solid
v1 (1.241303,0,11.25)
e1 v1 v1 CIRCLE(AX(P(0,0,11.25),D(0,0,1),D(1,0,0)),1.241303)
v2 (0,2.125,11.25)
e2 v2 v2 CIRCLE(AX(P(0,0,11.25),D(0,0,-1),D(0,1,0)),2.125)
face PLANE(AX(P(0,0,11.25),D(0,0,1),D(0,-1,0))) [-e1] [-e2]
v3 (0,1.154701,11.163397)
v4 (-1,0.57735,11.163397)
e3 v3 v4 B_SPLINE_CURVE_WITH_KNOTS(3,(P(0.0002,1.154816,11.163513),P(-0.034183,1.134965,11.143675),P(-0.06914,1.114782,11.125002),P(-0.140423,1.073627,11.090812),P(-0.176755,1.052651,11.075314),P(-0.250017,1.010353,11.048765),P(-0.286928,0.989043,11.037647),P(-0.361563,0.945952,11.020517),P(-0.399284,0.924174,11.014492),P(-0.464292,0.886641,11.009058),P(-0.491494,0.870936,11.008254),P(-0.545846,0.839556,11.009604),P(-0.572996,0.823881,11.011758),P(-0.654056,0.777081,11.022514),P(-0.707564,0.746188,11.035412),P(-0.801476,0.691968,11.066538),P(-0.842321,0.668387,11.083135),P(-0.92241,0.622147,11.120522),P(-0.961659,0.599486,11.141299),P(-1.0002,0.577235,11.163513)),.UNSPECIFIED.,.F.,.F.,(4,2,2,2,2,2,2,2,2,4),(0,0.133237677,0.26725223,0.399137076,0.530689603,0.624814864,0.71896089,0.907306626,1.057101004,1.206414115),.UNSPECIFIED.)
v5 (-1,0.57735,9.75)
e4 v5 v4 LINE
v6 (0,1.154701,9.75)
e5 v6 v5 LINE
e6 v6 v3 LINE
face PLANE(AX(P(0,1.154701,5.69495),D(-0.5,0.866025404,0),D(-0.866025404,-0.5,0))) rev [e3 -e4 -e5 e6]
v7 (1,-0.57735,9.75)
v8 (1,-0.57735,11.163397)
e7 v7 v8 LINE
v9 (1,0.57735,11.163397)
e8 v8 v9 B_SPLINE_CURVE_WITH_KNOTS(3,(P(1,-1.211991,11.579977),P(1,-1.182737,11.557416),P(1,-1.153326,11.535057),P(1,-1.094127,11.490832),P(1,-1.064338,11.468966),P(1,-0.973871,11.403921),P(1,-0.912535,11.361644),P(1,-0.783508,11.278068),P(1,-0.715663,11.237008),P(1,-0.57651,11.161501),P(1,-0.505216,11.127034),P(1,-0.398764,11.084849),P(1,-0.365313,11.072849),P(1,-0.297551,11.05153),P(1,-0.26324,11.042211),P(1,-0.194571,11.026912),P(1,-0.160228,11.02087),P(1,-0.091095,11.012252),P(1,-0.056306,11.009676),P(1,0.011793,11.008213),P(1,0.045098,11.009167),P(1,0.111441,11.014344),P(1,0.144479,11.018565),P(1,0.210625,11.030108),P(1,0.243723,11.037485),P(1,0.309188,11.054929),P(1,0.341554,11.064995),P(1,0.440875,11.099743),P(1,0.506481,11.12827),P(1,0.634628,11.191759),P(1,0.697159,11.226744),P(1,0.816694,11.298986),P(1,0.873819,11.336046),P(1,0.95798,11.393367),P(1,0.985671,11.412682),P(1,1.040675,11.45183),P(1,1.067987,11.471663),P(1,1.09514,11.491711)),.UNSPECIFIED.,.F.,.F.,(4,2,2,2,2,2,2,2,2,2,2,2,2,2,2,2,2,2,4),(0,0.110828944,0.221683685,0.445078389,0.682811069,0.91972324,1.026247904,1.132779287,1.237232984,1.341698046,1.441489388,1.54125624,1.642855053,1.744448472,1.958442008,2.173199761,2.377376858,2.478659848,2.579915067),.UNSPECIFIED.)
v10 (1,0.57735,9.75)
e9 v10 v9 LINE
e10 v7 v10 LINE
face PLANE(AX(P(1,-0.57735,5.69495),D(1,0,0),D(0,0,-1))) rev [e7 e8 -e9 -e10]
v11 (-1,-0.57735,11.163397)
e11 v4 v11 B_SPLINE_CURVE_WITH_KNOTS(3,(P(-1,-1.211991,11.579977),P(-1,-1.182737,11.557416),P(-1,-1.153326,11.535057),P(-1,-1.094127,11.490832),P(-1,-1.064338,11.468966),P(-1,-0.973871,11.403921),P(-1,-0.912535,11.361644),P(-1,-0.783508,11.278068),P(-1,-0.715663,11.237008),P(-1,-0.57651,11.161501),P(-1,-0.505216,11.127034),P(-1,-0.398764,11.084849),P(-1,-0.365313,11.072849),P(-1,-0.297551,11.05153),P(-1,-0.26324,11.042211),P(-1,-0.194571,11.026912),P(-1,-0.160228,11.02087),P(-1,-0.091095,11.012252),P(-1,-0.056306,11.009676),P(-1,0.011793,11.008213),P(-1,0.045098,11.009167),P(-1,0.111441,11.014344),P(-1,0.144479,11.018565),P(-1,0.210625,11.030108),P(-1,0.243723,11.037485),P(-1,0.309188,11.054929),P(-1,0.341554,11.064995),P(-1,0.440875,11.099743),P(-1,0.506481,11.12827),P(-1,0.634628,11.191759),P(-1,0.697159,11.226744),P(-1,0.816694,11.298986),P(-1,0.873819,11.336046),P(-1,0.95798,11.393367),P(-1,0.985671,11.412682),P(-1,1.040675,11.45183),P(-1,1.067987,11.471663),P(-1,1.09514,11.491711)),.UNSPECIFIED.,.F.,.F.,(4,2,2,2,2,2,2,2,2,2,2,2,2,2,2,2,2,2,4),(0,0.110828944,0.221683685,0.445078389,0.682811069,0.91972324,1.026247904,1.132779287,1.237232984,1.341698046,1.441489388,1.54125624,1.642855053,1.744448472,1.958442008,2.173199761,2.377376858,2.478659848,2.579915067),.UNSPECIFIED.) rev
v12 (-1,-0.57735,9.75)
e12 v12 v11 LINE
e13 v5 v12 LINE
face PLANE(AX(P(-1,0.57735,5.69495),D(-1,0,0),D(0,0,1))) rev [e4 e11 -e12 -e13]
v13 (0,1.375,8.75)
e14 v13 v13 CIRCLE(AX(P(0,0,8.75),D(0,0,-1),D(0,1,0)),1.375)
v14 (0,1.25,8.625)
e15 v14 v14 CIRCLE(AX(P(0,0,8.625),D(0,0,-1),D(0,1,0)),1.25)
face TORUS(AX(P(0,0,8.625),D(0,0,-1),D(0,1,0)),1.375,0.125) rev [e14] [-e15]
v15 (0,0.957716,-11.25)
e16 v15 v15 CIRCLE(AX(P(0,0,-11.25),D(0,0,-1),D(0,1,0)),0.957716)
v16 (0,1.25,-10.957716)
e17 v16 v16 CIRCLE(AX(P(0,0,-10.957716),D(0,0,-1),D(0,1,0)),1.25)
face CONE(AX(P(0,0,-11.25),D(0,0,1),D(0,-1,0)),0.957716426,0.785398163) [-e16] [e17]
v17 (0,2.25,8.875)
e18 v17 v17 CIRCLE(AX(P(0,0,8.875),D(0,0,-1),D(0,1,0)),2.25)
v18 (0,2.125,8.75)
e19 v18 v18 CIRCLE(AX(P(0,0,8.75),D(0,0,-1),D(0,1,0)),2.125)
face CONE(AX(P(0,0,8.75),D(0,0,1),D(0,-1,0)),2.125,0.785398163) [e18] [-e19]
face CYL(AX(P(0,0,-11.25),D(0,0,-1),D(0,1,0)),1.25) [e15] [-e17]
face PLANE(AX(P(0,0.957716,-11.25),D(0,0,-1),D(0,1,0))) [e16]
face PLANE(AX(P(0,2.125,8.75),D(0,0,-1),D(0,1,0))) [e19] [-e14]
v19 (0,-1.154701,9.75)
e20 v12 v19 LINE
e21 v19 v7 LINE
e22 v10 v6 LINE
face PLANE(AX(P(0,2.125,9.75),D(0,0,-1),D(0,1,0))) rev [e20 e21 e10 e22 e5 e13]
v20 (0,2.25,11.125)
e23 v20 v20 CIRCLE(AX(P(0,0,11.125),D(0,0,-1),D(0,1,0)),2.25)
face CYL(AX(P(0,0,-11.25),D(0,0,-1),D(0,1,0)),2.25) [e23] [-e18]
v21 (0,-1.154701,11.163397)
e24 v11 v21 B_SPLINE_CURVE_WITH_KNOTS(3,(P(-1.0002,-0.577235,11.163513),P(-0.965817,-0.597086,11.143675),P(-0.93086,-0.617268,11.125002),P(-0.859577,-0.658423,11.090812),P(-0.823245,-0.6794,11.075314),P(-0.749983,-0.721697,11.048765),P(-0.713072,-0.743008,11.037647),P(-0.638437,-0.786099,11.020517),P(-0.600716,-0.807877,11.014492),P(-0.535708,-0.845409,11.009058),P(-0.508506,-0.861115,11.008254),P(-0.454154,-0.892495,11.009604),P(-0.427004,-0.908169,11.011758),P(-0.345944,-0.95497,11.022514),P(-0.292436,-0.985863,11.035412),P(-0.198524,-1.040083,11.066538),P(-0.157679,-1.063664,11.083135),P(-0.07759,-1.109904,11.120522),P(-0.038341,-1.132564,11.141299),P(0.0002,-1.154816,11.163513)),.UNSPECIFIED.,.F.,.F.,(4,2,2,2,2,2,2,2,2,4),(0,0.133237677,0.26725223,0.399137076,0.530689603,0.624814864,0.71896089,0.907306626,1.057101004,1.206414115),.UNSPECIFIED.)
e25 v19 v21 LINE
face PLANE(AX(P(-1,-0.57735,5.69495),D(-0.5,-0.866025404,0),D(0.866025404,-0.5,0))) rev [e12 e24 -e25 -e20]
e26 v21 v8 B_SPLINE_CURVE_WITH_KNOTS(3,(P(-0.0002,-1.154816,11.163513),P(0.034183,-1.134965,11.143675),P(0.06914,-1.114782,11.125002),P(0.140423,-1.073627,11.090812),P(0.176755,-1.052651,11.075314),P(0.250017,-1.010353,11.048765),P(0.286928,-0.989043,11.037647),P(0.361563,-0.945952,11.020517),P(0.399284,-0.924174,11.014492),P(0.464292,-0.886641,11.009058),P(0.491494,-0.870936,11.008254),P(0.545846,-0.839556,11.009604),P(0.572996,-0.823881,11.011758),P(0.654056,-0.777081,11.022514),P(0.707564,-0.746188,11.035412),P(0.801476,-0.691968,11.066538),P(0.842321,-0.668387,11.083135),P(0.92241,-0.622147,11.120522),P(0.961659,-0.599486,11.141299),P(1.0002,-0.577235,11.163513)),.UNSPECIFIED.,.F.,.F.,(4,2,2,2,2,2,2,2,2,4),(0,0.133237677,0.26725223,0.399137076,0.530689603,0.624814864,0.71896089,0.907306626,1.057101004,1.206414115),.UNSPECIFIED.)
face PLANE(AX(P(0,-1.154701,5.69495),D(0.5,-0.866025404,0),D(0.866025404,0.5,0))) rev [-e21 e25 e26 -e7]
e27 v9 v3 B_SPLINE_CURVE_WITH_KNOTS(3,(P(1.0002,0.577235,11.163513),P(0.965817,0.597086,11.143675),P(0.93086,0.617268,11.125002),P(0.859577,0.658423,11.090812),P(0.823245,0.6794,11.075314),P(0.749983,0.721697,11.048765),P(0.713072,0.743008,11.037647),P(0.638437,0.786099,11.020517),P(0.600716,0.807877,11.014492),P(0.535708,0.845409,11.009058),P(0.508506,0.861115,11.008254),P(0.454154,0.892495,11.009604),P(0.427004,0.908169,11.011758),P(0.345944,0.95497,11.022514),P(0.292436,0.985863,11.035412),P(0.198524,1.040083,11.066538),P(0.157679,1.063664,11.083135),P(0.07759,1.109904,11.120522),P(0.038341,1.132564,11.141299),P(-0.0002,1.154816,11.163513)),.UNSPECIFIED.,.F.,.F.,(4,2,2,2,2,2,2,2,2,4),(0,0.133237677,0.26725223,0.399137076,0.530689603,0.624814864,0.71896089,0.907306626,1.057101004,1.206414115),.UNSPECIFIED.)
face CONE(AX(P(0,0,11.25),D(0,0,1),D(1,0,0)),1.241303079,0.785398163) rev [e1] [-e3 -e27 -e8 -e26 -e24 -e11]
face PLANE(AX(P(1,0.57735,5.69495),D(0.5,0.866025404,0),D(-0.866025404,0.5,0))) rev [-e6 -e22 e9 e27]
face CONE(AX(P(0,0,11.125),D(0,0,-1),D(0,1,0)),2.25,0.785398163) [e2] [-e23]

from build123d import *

# Parameters (mm, degrees)
CUT_EXTRUDE1_DEPTH = 1.5
SKETCH4_R          = 1.241303079
CUT_EXTRUDE2_DEPTH = 1.5
CUT_EXTRUDE2_DRAFT = -45


with BuildPart() as part:
    # Sketch2 → Revolve1 (revolve)
    with BuildSketch(Plane(origin=(0, 0, 0), x_dir=(0, 0, -1), z_dir=(1, 0, 0))):
        with BuildLine():
            Line((-11.25, 0), (-11.25, 2.125))
            Line((-11.25, 2.125), (-11.125, 2.25))
            Line((-11.125, 2.25), (-8.875, 2.25))
            Line((-8.875, 2.25), (-8.75, 2.125))
            Line((-8.75, 2.125), (-8.75, 1.375))
            ThreePointArc((-8.75, 1.375), (-8.713388348, 1.286611652), (-8.625, 1.25))
            Line((-8.625, 1.25), (10.957716426, 1.25))
            Line((10.957716426, 1.25), (11.25, 0.957716426))
            Line((11.25, 0.957716426), (11.25, 0))
            Line((11.25, 0), (-11.25, 0))
        make_face()
    revolve(axis=Axis((0, 0, -11.25), (0, 0, 1)))

    # Sketch3 → Cut-Extrude1 (cut)
    with BuildSketch(Plane.XY.offset(11.25)):
        Polygon((1, -0.577350269), (1, 0.577350269), (0, 1.154700538), (-1, 0.577350269), (-1, -0.577350269), (0, -1.154700538), align=None)
    extrude(amount=-CUT_EXTRUDE1_DEPTH, mode=Mode.SUBTRACT)


with BuildPart() as cut_extrude2_tool:
    # Sketch4 → Cut-Extrude2 (with draft: the straight prism first)
    with BuildSketch(Plane.XY.offset(11.25)):
        Circle(SKETCH4_R)
    extrude(amount=-CUT_EXTRUDE2_DEPTH)
    # Cut-Extrude2: the draft: its side faces are tilted about the plane it starts from
    cut_extrude2_sides = [cut_extrude2_tool.faces().sort_by_distance(p)[0] for p in [
        (-1.241303079, 0, 10.5),
    ]]
    draft(cut_extrude2_sides, Plane.XY.offset(11.25), CUT_EXTRUDE2_DRAFT)


with BuildPart() as part_1:
    add(part.part)

    # Cut-Extrude2: cut by cut_extrude2_tool
    add(cut_extrude2_tool.part, mode=Mode.SUBTRACT)


solid = part_1.part
